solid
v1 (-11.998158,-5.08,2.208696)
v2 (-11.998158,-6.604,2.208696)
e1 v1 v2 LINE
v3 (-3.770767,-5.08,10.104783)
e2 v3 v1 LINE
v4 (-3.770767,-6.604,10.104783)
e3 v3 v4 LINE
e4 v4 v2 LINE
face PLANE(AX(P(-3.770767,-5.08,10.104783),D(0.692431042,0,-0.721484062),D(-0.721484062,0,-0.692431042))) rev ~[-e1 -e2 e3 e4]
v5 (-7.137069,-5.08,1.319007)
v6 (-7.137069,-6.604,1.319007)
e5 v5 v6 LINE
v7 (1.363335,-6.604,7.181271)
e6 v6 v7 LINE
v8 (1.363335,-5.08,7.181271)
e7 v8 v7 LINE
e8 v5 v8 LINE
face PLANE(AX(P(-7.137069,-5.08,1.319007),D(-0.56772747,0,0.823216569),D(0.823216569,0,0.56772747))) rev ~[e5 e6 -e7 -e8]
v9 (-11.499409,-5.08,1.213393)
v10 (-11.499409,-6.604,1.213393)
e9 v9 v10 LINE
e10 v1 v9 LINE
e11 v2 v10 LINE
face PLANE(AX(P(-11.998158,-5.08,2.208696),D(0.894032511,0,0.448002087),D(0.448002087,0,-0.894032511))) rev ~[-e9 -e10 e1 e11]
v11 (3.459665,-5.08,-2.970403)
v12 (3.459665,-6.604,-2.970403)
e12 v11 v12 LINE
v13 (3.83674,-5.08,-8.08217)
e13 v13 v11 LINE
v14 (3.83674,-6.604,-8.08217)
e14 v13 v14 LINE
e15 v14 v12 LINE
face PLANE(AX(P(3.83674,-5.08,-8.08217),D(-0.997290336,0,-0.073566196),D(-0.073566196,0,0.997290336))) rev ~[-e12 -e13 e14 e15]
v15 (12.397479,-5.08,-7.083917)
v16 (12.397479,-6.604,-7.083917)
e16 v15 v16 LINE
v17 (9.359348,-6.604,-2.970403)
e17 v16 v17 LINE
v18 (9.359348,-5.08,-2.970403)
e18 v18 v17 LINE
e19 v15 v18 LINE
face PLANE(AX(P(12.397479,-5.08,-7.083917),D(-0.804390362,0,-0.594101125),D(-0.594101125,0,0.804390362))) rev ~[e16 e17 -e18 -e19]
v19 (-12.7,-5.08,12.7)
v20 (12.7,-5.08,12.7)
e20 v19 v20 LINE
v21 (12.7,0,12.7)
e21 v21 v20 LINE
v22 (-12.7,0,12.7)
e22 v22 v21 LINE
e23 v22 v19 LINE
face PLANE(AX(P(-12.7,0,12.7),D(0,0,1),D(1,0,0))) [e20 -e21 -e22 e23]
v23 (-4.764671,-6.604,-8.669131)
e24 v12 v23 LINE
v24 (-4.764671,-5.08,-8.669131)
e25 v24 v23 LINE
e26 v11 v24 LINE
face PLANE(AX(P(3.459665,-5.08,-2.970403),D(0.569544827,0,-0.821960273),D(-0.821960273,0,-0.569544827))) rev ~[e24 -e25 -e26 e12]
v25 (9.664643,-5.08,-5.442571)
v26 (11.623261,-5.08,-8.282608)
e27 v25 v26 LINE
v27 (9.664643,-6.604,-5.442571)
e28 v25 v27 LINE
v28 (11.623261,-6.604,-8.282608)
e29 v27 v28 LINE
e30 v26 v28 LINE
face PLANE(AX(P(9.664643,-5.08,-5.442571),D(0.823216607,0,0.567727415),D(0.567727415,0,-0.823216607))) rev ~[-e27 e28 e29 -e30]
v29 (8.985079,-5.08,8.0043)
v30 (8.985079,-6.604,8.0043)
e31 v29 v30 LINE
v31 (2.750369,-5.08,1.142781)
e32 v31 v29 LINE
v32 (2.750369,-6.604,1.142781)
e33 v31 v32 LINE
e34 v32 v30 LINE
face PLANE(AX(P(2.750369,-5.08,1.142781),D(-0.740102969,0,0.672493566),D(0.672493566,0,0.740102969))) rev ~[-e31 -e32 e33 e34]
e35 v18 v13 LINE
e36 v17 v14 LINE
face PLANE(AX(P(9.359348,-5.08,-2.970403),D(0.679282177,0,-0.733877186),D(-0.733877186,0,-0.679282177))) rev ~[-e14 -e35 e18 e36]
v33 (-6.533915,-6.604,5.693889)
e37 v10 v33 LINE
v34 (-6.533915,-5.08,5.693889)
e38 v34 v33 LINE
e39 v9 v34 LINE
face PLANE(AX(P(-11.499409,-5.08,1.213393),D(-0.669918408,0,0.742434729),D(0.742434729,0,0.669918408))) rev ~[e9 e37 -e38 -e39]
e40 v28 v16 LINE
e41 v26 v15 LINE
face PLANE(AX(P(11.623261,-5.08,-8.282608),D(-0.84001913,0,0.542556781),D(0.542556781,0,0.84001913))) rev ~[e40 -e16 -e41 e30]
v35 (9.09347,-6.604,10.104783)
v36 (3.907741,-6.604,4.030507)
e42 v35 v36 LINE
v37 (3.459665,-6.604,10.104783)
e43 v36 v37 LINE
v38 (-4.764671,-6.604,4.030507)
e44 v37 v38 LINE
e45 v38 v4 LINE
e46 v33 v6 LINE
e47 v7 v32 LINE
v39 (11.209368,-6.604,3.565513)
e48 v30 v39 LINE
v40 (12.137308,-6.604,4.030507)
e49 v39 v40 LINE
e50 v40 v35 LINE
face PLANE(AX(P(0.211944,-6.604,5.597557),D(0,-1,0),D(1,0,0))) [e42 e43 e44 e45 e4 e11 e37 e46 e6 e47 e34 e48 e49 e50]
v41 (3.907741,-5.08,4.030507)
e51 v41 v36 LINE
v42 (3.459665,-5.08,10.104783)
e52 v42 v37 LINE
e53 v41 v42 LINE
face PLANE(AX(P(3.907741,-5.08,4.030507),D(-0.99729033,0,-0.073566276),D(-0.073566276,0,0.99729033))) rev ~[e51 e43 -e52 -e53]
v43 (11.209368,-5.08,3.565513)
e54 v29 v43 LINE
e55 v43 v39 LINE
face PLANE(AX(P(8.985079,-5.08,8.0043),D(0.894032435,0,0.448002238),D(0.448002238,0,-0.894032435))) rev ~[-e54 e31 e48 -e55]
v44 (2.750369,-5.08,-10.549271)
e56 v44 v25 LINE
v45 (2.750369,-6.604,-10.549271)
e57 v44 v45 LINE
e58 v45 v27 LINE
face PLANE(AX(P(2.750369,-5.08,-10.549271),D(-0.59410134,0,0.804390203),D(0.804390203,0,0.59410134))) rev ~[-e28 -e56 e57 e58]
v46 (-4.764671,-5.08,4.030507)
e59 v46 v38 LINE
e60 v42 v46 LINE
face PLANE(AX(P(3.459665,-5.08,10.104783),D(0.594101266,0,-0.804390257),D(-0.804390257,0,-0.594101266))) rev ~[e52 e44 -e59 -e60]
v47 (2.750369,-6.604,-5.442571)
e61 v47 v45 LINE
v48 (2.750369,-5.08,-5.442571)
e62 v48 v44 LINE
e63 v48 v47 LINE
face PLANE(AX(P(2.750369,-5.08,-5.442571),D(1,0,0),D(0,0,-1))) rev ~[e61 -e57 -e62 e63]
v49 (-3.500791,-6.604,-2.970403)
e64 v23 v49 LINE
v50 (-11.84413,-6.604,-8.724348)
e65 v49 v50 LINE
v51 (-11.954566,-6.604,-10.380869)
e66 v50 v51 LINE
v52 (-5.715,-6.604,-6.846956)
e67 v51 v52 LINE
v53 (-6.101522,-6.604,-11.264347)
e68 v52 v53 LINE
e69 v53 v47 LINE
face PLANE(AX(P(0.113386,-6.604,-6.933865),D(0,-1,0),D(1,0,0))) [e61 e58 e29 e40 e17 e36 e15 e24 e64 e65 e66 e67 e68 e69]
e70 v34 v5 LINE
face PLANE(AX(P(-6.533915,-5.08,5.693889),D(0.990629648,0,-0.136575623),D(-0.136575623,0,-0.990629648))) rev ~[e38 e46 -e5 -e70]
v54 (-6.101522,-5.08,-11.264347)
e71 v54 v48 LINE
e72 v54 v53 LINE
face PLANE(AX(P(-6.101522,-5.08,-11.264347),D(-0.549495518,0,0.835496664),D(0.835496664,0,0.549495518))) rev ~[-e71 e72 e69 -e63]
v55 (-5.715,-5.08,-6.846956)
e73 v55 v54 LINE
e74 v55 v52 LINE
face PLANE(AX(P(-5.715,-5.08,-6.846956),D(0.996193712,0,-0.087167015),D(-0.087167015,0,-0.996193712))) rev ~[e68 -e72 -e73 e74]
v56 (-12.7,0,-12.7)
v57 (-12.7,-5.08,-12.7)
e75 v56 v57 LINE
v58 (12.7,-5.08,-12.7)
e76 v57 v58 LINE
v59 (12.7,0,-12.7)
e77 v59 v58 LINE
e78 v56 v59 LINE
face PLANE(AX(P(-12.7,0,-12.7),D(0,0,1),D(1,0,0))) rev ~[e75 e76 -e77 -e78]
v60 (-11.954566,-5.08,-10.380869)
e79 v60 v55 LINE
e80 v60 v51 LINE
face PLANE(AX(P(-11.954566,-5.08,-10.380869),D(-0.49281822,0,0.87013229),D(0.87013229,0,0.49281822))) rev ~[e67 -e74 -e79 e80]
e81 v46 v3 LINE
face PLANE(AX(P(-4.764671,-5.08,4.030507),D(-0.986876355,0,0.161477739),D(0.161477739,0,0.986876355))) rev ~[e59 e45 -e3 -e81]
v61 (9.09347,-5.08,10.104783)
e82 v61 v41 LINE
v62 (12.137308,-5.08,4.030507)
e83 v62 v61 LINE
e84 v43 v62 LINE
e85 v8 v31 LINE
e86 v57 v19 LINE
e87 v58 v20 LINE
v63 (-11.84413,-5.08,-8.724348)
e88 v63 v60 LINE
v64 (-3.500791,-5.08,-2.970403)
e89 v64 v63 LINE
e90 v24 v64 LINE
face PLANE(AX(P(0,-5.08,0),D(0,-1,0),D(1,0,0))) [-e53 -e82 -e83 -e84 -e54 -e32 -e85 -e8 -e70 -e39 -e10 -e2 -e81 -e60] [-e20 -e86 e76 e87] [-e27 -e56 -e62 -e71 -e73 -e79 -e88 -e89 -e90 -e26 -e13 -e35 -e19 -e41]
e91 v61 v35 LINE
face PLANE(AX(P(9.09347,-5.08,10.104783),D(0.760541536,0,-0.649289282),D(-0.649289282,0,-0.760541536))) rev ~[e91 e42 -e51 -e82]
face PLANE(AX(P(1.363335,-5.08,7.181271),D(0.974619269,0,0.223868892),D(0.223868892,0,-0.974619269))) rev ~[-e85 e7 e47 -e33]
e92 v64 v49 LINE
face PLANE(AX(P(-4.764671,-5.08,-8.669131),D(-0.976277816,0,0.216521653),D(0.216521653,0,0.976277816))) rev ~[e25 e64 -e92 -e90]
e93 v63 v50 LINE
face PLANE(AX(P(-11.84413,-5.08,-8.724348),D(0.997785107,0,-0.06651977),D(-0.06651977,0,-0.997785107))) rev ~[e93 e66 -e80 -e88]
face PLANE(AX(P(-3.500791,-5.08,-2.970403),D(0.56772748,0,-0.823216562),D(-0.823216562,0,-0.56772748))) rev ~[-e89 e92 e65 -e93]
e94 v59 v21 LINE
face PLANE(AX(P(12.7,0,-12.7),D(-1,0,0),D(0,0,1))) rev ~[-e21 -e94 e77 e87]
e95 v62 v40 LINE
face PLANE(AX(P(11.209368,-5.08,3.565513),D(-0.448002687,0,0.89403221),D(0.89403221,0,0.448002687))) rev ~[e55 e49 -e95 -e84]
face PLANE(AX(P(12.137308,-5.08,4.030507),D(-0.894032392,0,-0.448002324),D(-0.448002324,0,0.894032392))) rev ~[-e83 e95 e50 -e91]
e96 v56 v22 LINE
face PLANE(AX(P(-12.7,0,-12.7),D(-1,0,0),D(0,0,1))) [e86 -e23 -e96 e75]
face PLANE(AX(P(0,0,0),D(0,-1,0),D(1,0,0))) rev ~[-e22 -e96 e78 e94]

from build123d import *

# Parameters (mm, degrees)
F0_W     = 25.4
F0_H     = 25.4
F1_DEPTH = 5.08
F3_DEPTH = 1.524


with BuildPart() as f1:
    # F0 (on Front) → F1 (new body)
    with BuildSketch(Plane.XZ):
        Rectangle(F0_W, F0_H)
    extrude(amount=F1_DEPTH)

    # F2 (on face) → F3 (join)
    with BuildSketch(Plane.XZ.offset(5.08)):
        Polygon((-3.770767, 10.104783), (-11.998158, 2.208696), (-11.499409, 1.213393), (-6.533915, 5.693889), (-7.137069, 1.319007), (1.363335, 7.181271), (2.750369, 1.142781), (8.985079, 8.0043), (11.209368, 3.565513), (12.137308, 4.030507), (9.09347, 10.104783), (3.907741, 4.030507), (3.459665, 10.104783), (-4.764671, 4.030507), align=None)
        Polygon((-3.500791, -2.970403), (-11.84413, -8.724348), (-11.954566, -10.380869), (-5.715, -6.846956), (-6.101522, -11.264347), (2.750369, -5.442571), (2.750369, -10.549271), (9.664643, -5.442571), (11.623261, -8.282608), (12.397479, -7.083917), (9.359348, -2.970403), (3.83674, -8.08217), (3.459665, -2.970403), (-4.764671, -8.669131), align=None)
    extrude(amount=F3_DEPTH)


solid = f1.part
